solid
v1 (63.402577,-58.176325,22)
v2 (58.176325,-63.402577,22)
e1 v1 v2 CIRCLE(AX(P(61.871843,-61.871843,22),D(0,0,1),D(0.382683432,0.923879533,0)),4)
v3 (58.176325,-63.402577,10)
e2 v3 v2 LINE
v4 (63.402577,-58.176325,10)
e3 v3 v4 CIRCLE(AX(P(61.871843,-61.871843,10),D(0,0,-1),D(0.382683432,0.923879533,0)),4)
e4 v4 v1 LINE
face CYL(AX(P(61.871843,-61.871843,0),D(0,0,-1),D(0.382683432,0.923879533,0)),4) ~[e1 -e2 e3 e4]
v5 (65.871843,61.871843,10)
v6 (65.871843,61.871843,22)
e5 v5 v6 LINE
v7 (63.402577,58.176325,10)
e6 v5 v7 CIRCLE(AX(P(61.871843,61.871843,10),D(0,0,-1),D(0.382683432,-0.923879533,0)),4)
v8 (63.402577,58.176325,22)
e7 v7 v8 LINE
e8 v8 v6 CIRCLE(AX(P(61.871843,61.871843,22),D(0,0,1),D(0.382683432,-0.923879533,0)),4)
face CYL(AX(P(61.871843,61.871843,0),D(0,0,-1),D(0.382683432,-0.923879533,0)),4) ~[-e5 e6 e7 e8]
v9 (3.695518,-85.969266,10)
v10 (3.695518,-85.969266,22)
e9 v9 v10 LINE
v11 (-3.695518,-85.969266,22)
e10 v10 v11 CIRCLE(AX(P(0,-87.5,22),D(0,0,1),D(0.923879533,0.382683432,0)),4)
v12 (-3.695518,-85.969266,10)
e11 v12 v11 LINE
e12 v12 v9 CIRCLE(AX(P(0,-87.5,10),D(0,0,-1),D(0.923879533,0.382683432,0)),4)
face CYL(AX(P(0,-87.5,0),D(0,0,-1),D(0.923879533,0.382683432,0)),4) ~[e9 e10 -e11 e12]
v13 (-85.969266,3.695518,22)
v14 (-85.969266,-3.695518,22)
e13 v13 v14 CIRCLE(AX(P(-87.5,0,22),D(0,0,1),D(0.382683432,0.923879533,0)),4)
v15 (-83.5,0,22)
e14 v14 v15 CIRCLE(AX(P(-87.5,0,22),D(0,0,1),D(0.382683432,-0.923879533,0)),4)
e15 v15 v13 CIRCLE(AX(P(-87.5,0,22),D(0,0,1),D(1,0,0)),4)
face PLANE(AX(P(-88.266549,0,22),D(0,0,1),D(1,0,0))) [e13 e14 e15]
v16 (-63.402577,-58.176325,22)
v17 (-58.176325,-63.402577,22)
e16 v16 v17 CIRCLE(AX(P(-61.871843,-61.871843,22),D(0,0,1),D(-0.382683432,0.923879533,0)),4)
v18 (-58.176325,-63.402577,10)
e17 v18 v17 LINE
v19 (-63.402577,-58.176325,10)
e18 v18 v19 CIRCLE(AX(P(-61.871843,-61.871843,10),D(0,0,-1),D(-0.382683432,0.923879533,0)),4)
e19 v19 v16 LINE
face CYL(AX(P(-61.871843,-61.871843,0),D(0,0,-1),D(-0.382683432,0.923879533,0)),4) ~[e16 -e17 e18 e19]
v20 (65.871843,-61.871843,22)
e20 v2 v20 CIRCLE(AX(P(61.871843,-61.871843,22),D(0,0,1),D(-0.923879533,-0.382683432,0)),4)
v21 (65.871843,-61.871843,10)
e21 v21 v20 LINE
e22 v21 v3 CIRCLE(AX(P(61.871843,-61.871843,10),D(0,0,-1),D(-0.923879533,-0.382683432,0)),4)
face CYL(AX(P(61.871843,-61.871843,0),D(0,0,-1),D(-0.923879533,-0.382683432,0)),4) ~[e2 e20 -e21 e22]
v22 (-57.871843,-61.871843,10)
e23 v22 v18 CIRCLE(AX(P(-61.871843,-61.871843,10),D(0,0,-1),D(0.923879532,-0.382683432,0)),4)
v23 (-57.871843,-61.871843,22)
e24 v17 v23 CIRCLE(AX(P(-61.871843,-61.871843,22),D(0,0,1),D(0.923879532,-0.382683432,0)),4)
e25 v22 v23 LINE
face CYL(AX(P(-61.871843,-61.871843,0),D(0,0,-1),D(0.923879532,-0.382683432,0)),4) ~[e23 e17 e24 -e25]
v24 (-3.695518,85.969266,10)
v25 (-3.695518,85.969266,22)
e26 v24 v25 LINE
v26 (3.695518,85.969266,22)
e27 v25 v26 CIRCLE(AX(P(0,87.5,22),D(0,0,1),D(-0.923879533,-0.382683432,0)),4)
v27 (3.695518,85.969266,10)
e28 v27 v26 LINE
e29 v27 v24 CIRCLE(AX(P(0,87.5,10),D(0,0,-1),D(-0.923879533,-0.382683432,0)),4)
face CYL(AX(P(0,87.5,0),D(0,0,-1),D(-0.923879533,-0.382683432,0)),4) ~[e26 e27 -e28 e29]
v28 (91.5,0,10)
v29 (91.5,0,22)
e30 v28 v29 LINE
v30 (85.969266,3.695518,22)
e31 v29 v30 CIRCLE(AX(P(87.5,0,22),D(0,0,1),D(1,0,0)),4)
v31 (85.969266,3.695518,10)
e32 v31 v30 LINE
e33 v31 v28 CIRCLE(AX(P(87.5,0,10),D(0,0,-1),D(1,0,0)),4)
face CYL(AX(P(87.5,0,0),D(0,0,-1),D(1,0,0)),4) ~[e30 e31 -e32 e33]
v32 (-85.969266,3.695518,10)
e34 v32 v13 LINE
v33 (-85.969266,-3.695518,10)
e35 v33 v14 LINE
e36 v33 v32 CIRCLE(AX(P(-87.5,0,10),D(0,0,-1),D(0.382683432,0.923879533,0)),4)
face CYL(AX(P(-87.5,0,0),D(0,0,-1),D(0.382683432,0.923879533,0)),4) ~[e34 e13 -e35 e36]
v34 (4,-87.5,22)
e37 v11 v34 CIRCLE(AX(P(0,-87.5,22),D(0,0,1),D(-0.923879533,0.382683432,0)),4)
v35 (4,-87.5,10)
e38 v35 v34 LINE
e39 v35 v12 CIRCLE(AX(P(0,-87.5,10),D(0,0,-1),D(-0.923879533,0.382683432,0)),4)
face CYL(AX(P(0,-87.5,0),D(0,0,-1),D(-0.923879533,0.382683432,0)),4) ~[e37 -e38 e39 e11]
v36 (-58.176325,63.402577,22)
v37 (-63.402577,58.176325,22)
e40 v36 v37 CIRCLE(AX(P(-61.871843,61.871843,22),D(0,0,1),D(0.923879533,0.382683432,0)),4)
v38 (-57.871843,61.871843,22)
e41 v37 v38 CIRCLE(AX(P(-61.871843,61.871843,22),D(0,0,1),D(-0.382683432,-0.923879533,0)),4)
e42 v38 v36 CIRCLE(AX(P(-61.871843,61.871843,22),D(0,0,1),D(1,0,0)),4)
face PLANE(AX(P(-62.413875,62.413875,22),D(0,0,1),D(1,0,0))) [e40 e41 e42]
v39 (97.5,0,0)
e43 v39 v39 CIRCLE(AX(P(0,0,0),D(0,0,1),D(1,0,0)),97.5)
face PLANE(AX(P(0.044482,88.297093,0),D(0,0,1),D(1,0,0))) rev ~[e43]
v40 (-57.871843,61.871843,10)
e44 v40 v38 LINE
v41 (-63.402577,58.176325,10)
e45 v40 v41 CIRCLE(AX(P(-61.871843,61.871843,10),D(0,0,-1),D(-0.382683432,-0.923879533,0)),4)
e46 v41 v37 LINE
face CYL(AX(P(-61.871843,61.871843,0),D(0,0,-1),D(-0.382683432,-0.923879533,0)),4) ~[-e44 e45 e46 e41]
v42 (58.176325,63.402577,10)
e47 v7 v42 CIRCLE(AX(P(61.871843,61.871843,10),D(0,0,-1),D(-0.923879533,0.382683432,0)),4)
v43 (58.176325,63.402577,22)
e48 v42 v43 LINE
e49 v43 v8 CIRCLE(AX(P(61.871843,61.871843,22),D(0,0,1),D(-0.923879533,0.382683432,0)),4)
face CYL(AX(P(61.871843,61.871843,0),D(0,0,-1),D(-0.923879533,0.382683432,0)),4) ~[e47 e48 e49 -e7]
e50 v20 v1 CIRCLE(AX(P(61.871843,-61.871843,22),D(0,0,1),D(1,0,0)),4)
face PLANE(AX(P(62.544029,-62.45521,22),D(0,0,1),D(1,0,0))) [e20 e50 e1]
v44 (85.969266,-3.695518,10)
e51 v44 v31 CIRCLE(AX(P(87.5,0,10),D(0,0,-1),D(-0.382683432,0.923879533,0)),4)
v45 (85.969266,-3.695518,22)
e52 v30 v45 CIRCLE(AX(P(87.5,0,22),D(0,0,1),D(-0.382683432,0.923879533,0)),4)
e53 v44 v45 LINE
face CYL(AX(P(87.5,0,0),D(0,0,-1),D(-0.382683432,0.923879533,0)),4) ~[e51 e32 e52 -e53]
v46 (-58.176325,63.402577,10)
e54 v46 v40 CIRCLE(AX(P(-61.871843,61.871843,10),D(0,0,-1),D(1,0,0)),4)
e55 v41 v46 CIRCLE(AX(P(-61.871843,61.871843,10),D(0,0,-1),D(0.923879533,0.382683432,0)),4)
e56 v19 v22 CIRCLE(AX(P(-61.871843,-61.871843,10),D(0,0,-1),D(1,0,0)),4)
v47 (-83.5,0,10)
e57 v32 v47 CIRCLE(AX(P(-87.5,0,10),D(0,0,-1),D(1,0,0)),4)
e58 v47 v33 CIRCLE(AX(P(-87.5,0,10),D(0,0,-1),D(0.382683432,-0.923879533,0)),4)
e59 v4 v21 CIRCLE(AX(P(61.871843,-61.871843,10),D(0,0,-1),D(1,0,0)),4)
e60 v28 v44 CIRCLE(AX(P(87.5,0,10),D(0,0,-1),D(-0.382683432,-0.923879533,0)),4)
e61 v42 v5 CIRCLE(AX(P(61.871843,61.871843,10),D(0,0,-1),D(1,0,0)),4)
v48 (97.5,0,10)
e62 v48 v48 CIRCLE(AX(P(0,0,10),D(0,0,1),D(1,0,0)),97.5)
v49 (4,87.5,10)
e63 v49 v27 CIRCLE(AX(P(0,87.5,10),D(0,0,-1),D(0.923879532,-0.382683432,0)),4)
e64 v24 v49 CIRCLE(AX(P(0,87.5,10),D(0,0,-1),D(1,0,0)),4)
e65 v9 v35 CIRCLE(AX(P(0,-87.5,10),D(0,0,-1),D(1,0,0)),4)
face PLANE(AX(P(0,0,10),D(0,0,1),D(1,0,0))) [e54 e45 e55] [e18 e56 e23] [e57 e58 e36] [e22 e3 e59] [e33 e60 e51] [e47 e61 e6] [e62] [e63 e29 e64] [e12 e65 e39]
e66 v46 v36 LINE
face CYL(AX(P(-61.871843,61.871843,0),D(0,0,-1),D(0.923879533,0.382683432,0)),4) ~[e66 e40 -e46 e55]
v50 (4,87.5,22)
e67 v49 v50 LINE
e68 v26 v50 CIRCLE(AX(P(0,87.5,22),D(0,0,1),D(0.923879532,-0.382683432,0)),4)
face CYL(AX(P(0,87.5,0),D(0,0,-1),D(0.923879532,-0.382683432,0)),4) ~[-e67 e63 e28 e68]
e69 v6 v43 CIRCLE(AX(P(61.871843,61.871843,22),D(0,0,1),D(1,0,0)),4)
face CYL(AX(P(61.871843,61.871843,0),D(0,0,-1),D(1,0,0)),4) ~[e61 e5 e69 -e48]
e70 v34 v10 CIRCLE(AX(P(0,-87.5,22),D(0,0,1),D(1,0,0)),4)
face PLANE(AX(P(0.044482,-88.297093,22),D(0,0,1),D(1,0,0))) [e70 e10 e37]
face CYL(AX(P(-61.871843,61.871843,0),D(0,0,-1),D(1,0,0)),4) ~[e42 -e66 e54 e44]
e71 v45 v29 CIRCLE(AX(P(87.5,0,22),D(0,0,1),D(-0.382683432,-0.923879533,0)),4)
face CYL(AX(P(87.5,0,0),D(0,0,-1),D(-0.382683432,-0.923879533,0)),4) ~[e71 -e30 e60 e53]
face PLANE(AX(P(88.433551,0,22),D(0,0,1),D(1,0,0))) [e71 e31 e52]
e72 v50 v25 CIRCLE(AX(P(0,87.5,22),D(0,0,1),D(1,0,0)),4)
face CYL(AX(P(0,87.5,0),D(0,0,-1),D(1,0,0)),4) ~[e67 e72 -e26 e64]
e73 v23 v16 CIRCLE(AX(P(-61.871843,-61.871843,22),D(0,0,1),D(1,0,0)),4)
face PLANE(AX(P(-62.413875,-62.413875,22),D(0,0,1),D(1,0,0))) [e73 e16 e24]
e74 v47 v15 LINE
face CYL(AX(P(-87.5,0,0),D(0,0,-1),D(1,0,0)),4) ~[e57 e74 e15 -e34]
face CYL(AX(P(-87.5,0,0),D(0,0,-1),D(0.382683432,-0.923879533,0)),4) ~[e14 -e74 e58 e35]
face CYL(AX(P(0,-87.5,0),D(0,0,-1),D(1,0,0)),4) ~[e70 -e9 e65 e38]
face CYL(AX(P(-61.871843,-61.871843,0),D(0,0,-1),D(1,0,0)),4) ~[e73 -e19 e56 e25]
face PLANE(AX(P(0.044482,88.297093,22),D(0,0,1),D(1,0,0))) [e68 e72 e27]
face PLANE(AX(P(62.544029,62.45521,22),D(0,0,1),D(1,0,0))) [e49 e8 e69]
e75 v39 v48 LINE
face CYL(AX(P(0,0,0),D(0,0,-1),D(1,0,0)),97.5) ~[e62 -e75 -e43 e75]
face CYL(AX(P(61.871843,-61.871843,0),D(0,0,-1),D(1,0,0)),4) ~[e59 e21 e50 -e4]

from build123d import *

# Parameters (mm, degrees)
F0_R     = 97.5
F1_DEPTH = 10
F2_DEPTH = 22


with BuildPart() as f1:
    # F0 (on Top) → F1 (new body)
    with BuildSketch(Plane.XY):
        Circle(F0_R)
        with BuildLine():
            ThreePointArc((91.5, 0), (89.7222809321, -3.3258784492), (85.9692662705, -3.69551813))
            Line((85.9692662705, -3.69551813), (63.4025770833, -58.1763252238))
            ThreePointArc((63.4025770833, -58.1763252238), (65.197721803, -59.6495624217), (65.8718433538, -61.8718433538))
            ThreePointArc((65.8718433538, -61.8718433538), (62.6522046419, -65.7949844754), (58.1763252238, -63.4025770833))
            Line((58.1763252238, -63.4025770833), (3.69551813, -85.9692662705))
            ThreePointArc((3.69551813, -85.9692662705), (3.9231411216, -86.7196387119), (4, -87.5))
            ThreePointArc((4, -87.5), (-0.7803612881, -91.4231411216), (-3.69551813, -85.9692662705))
            Line((-3.69551813, -85.9692662705), (-58.1763252238, -63.4025770833))
            ThreePointArc((-58.1763252238, -63.4025770833), (-64.7002704786, -64.7002704786), (-63.4025770833, -58.1763252238))
            Line((-63.4025770833, -58.1763252238), (-85.9692662705, -3.69551813))
            ThreePointArc((-85.9692662705, -3.69551813), (-91.5, 0), (-85.9692662705, 3.69551813))
            Line((-85.9692662705, 3.69551813), (-63.4025770833, 58.1763252238))
            ThreePointArc((-63.4025770833, 58.1763252238), (-64.7002704786, 64.7002704786), (-58.1763252238, 63.4025770833))
            Line((-58.1763252238, 63.4025770833), (-3.69551813, 85.9692662705))
            ThreePointArc((-3.69551813, 85.9692662705), (-0.7803612881, 91.4231411216), (4, 87.5))
            ThreePointArc((4, 87.5), (3.9231411216, 86.7196387119), (3.69551813, 85.9692662705))
            Line((3.69551813, 85.9692662705), (58.1763252238, 63.4025770833))
            ThreePointArc((58.1763252238, 63.4025770833), (62.6522046419, 65.7949844754), (65.8718433538, 61.8718433538))
            ThreePointArc((65.8718433538, 61.8718433538), (65.197721803, 59.6495624217), (63.4025770833, 58.1763252238))
            Line((63.4025770833, 58.1763252238), (85.9692662705, 3.69551813))
            ThreePointArc((85.9692662705, 3.69551813), (89.7222809321, 3.3258784492), (91.5, 0))
        make_face(mode=Mode.SUBTRACT)
        with BuildLine():
            Line((63.4025770833, -58.1763252238), (85.9692662705, -3.69551813))
            ThreePointArc((85.9692662705, -3.69551813), (83.5, 0), (85.9692662705, 3.69551813))
            Line((85.9692662705, 3.69551813), (63.4025770833, 58.1763252238))
            ThreePointArc((63.4025770833, 58.1763252238), (59.0434162291, 59.0434162291), (58.1763252238, 63.4025770833))
            Line((58.1763252238, 63.4025770833), (3.69551813, 85.9692662705))
            ThreePointArc((3.69551813, 85.9692662705), (0, 83.5), (-3.69551813, 85.9692662705))
            Line((-3.69551813, 85.9692662705), (-58.1763252238, 63.4025770833))
            ThreePointArc((-58.1763252238, 63.4025770833), (-57.9487022322, 62.6522046419), (-57.8718433538, 61.8718433538))
            ThreePointArc((-57.8718433538, 61.8718433538), (-59.6495624217, 58.5459649046), (-63.4025770833, 58.1763252238))
            Line((-63.4025770833, 58.1763252238), (-85.9692662705, 3.69551813))
            ThreePointArc((-85.9692662705, 3.69551813), (-84.1741215508, 2.2222809321), (-83.5, 0))
            ThreePointArc((-83.5, 0), (-84.1741215508, -2.2222809321), (-85.9692662705, -3.69551813))
            Line((-85.9692662705, -3.69551813), (-63.4025770833, -58.1763252238))
            ThreePointArc((-63.4025770833, -58.1763252238), (-59.6495624217, -58.5459649046), (-57.8718433538, -61.8718433538))
            ThreePointArc((-57.8718433538, -61.8718433538), (-57.9487022322, -62.6522046419), (-58.1763252238, -63.4025770833))
            Line((-58.1763252238, -63.4025770833), (-3.69551813, -85.9692662705))
            ThreePointArc((-3.69551813, -85.9692662705), (0, -83.5), (3.69551813, -85.9692662705))
            Line((3.69551813, -85.9692662705), (58.1763252238, -63.4025770833))
            ThreePointArc((58.1763252238, -63.4025770833), (59.0434162291, -59.0434162291), (63.4025770833, -58.1763252238))
        make_face()
        with BuildLine():
            Line((-61.8718433538, 61.8718433538), (-58.1763252238, 63.4025770833))
            ThreePointArc((-58.1763252238, 63.4025770833), (-64.7002704786, 64.7002704786), (-63.4025770833, 58.1763252238))
            Line((-63.4025770833, 58.1763252238), (-61.8718433538, 61.8718433538))
        make_face()
        with BuildLine():
            Line((0, 87.5), (3.69551813, 85.9692662705))
            ThreePointArc((3.69551813, 85.9692662705), (3.9231411216, 86.7196387119), (4, 87.5))
            ThreePointArc((4, 87.5), (-0.7803612881, 91.4231411216), (-3.69551813, 85.9692662705))
            Line((-3.69551813, 85.9692662705), (0, 87.5))
        make_face()
        with BuildLine():
            Line((61.8718433538, 61.8718433538), (63.4025770833, 58.1763252238))
            ThreePointArc((63.4025770833, 58.1763252238), (65.197721803, 59.6495624217), (65.8718433538, 61.8718433538))
            ThreePointArc((65.8718433538, 61.8718433538), (62.6522046419, 65.7949844754), (58.1763252238, 63.4025770833))
            Line((58.1763252238, 63.4025770833), (61.8718433538, 61.8718433538))
        make_face()
        with BuildLine():
            Line((85.9692662705, 3.69551813), (87.5, 0))
            Line((87.5, 0), (85.9692662705, -3.69551813))
            ThreePointArc((85.9692662705, -3.69551813), (89.7222809321, -3.3258784492), (91.5, 0))
            ThreePointArc((91.5, 0), (89.7222809321, 3.3258784492), (85.9692662705, 3.69551813))
        make_face()
        with BuildLine():
            ThreePointArc((65.8718433538, -61.8718433538), (65.197721803, -59.6495624217), (63.4025770833, -58.1763252238))
            Line((63.4025770833, -58.1763252238), (61.8718433538, -61.8718433538))
            Line((61.8718433538, -61.8718433538), (58.1763252238, -63.4025770833))
            ThreePointArc((58.1763252238, -63.4025770833), (62.6522046419, -65.7949844754), (65.8718433538, -61.8718433538))
        make_face()
        with BuildLine():
            ThreePointArc((4, -87.5), (3.9231411216, -86.7196387119), (3.69551813, -85.9692662705))
            Line((3.69551813, -85.9692662705), (0, -87.5))
            Line((0, -87.5), (-3.69551813, -85.9692662705))
            ThreePointArc((-3.69551813, -85.9692662705), (-0.7803612881, -91.4231411216), (4, -87.5))
        make_face()
        with BuildLine():
            ThreePointArc((-63.4025770833, -58.1763252238), (-64.7002704786, -64.7002704786), (-58.1763252238, -63.4025770833))
            Line((-58.1763252238, -63.4025770833), (-61.8718433538, -61.8718433538))
            Line((-61.8718433538, -61.8718433538), (-63.4025770833, -58.1763252238))
        make_face()
        with BuildLine():
            ThreePointArc((-85.9692662705, 3.69551813), (-91.5, 0), (-85.9692662705, -3.69551813))
            Line((-85.9692662705, -3.69551813), (-87.5, 0))
            Line((-87.5, 0), (-85.9692662705, 3.69551813))
        make_face()
        with BuildLine():
            ThreePointArc((-57.8718433538, 61.8718433538), (-57.9487022322, 62.6522046419), (-58.1763252238, 63.4025770833))
            Line((-58.1763252238, 63.4025770833), (-61.8718433538, 61.8718433538))
            Line((-61.8718433538, 61.8718433538), (-63.4025770833, 58.1763252238))
            ThreePointArc((-63.4025770833, 58.1763252238), (-59.6495624217, 58.5459649046), (-57.8718433538, 61.8718433538))
        make_face()
        with BuildLine():
            ThreePointArc((-3.69551813, 85.9692662705), (0, 83.5), (3.69551813, 85.9692662705))
            Line((3.69551813, 85.9692662705), (0, 87.5))
            Line((0, 87.5), (-3.69551813, 85.9692662705))
        make_face()
        with BuildLine():
            ThreePointArc((58.1763252238, 63.4025770833), (59.0434162291, 59.0434162291), (63.4025770833, 58.1763252238))
            Line((63.4025770833, 58.1763252238), (61.8718433538, 61.8718433538))
            Line((61.8718433538, 61.8718433538), (58.1763252238, 63.4025770833))
        make_face()
        with BuildLine():
            Line((85.9692662705, -3.69551813), (87.5, 0))
            Line((87.5, 0), (85.9692662705, 3.69551813))
            ThreePointArc((85.9692662705, 3.69551813), (83.5, 0), (85.9692662705, -3.69551813))
        make_face()
        with BuildLine():
            Line((61.8718433538, -61.8718433538), (63.4025770833, -58.1763252238))
            ThreePointArc((63.4025770833, -58.1763252238), (59.0434162291, -59.0434162291), (58.1763252238, -63.4025770833))
            Line((58.1763252238, -63.4025770833), (61.8718433538, -61.8718433538))
        make_face()
        with BuildLine():
            Line((0, -87.5), (3.69551813, -85.9692662705))
            ThreePointArc((3.69551813, -85.9692662705), (0, -83.5), (-3.69551813, -85.9692662705))
            Line((-3.69551813, -85.9692662705), (0, -87.5))
        make_face()
        with BuildLine():
            Line((-61.8718433538, -61.8718433538), (-58.1763252238, -63.4025770833))
            ThreePointArc((-58.1763252238, -63.4025770833), (-57.9487022322, -62.6522046419), (-57.8718433538, -61.8718433538))
            ThreePointArc((-57.8718433538, -61.8718433538), (-59.6495624217, -58.5459649046), (-63.4025770833, -58.1763252238))
            Line((-63.4025770833, -58.1763252238), (-61.8718433538, -61.8718433538))
        make_face()
        with BuildLine():
            Line((-87.5, 0), (-85.9692662705, -3.69551813))
            ThreePointArc((-85.9692662705, -3.69551813), (-84.1741215508, -2.2222809321), (-83.5, 0))
            ThreePointArc((-83.5, 0), (-84.1741215508, 2.2222809321), (-85.9692662705, 3.69551813))
            Line((-85.9692662705, 3.69551813), (-87.5, 0))
        make_face()
    extrude(amount=F1_DEPTH)

    # F0 (on Top) → F2 (join)
    with BuildSketch(Plane.XY):
        with BuildLine():
            Line((0, 87.5), (3.69551813, 85.9692662705))
            ThreePointArc((3.69551813, 85.9692662705), (3.9231411216, 86.7196387119), (4, 87.5))
            ThreePointArc((4, 87.5), (-0.7803612881, 91.4231411216), (-3.69551813, 85.9692662705))
            Line((-3.69551813, 85.9692662705), (0, 87.5))
        make_face()
        with BuildLine():
            ThreePointArc((-3.69551813, 85.9692662705), (0, 83.5), (3.69551813, 85.9692662705))
            Line((3.69551813, 85.9692662705), (0, 87.5))
            Line((0, 87.5), (-3.69551813, 85.9692662705))
        make_face()
        with BuildLine():
            Line((-61.8718433538, 61.8718433538), (-58.1763252238, 63.4025770833))
            ThreePointArc((-58.1763252238, 63.4025770833), (-64.7002704786, 64.7002704786), (-63.4025770833, 58.1763252238))
            Line((-63.4025770833, 58.1763252238), (-61.8718433538, 61.8718433538))
        make_face()
        with BuildLine():
            ThreePointArc((-57.8718433538, 61.8718433538), (-57.9487022322, 62.6522046419), (-58.1763252238, 63.4025770833))
            Line((-58.1763252238, 63.4025770833), (-61.8718433538, 61.8718433538))
            Line((-61.8718433538, 61.8718433538), (-63.4025770833, 58.1763252238))
            ThreePointArc((-63.4025770833, 58.1763252238), (-59.6495624217, 58.5459649046), (-57.8718433538, 61.8718433538))
        make_face()
        with BuildLine():
            ThreePointArc((-85.9692662705, 3.69551813), (-91.5, 0), (-85.9692662705, -3.69551813))
            Line((-85.9692662705, -3.69551813), (-87.5, 0))
            Line((-87.5, 0), (-85.9692662705, 3.69551813))
        make_face()
        with BuildLine():
            Line((-87.5, 0), (-85.9692662705, -3.69551813))
            ThreePointArc((-85.9692662705, -3.69551813), (-84.1741215508, -2.2222809321), (-83.5, 0))
            ThreePointArc((-83.5, 0), (-84.1741215508, 2.2222809321), (-85.9692662705, 3.69551813))
            Line((-85.9692662705, 3.69551813), (-87.5, 0))
        make_face()
        with BuildLine():
            ThreePointArc((-63.4025770833, -58.1763252238), (-64.7002704786, -64.7002704786), (-58.1763252238, -63.4025770833))
            Line((-58.1763252238, -63.4025770833), (-61.8718433538, -61.8718433538))
            Line((-61.8718433538, -61.8718433538), (-63.4025770833, -58.1763252238))
        make_face()
        with BuildLine():
            Line((-61.8718433538, -61.8718433538), (-58.1763252238, -63.4025770833))
            ThreePointArc((-58.1763252238, -63.4025770833), (-57.9487022322, -62.6522046419), (-57.8718433538, -61.8718433538))
            ThreePointArc((-57.8718433538, -61.8718433538), (-59.6495624217, -58.5459649046), (-63.4025770833, -58.1763252238))
            Line((-63.4025770833, -58.1763252238), (-61.8718433538, -61.8718433538))
        make_face()
        with BuildLine():
            ThreePointArc((4, -87.5), (3.9231411216, -86.7196387119), (3.69551813, -85.9692662705))
            Line((3.69551813, -85.9692662705), (0, -87.5))
            Line((0, -87.5), (-3.69551813, -85.9692662705))
            ThreePointArc((-3.69551813, -85.9692662705), (-0.7803612881, -91.4231411216), (4, -87.5))
        make_face()
        with BuildLine():
            Line((0, -87.5), (3.69551813, -85.9692662705))
            ThreePointArc((3.69551813, -85.9692662705), (0, -83.5), (-3.69551813, -85.9692662705))
            Line((-3.69551813, -85.9692662705), (0, -87.5))
        make_face()
        with BuildLine():
            ThreePointArc((65.8718433538, -61.8718433538), (65.197721803, -59.6495624217), (63.4025770833, -58.1763252238))
            Line((63.4025770833, -58.1763252238), (61.8718433538, -61.8718433538))
            Line((61.8718433538, -61.8718433538), (58.1763252238, -63.4025770833))
            ThreePointArc((58.1763252238, -63.4025770833), (62.6522046419, -65.7949844754), (65.8718433538, -61.8718433538))
        make_face()
        with BuildLine():
            Line((61.8718433538, -61.8718433538), (63.4025770833, -58.1763252238))
            ThreePointArc((63.4025770833, -58.1763252238), (59.0434162291, -59.0434162291), (58.1763252238, -63.4025770833))
            Line((58.1763252238, -63.4025770833), (61.8718433538, -61.8718433538))
        make_face()
        with BuildLine():
            Line((85.9692662705, 3.69551813), (87.5, 0))
            Line((87.5, 0), (85.9692662705, -3.69551813))
            ThreePointArc((85.9692662705, -3.69551813), (89.7222809321, -3.3258784492), (91.5, 0))
            ThreePointArc((91.5, 0), (89.7222809321, 3.3258784492), (85.9692662705, 3.69551813))
        make_face()
        with BuildLine():
            Line((85.9692662705, -3.69551813), (87.5, 0))
            Line((87.5, 0), (85.9692662705, 3.69551813))
            ThreePointArc((85.9692662705, 3.69551813), (83.5, 0), (85.9692662705, -3.69551813))
        make_face()
        with BuildLine():
            Line((61.8718433538, 61.8718433538), (63.4025770833, 58.1763252238))
            ThreePointArc((63.4025770833, 58.1763252238), (65.197721803, 59.6495624217), (65.8718433538, 61.8718433538))
            ThreePointArc((65.8718433538, 61.8718433538), (62.6522046419, 65.7949844754), (58.1763252238, 63.4025770833))
            Line((58.1763252238, 63.4025770833), (61.8718433538, 61.8718433538))
        make_face()
        with BuildLine():
            ThreePointArc((58.1763252238, 63.4025770833), (59.0434162291, 59.0434162291), (63.4025770833, 58.1763252238))
            Line((63.4025770833, 58.1763252238), (61.8718433538, 61.8718433538))
            Line((61.8718433538, 61.8718433538), (58.1763252238, 63.4025770833))
        make_face()
    extrude(amount=F2_DEPTH)


solid = f1.part
